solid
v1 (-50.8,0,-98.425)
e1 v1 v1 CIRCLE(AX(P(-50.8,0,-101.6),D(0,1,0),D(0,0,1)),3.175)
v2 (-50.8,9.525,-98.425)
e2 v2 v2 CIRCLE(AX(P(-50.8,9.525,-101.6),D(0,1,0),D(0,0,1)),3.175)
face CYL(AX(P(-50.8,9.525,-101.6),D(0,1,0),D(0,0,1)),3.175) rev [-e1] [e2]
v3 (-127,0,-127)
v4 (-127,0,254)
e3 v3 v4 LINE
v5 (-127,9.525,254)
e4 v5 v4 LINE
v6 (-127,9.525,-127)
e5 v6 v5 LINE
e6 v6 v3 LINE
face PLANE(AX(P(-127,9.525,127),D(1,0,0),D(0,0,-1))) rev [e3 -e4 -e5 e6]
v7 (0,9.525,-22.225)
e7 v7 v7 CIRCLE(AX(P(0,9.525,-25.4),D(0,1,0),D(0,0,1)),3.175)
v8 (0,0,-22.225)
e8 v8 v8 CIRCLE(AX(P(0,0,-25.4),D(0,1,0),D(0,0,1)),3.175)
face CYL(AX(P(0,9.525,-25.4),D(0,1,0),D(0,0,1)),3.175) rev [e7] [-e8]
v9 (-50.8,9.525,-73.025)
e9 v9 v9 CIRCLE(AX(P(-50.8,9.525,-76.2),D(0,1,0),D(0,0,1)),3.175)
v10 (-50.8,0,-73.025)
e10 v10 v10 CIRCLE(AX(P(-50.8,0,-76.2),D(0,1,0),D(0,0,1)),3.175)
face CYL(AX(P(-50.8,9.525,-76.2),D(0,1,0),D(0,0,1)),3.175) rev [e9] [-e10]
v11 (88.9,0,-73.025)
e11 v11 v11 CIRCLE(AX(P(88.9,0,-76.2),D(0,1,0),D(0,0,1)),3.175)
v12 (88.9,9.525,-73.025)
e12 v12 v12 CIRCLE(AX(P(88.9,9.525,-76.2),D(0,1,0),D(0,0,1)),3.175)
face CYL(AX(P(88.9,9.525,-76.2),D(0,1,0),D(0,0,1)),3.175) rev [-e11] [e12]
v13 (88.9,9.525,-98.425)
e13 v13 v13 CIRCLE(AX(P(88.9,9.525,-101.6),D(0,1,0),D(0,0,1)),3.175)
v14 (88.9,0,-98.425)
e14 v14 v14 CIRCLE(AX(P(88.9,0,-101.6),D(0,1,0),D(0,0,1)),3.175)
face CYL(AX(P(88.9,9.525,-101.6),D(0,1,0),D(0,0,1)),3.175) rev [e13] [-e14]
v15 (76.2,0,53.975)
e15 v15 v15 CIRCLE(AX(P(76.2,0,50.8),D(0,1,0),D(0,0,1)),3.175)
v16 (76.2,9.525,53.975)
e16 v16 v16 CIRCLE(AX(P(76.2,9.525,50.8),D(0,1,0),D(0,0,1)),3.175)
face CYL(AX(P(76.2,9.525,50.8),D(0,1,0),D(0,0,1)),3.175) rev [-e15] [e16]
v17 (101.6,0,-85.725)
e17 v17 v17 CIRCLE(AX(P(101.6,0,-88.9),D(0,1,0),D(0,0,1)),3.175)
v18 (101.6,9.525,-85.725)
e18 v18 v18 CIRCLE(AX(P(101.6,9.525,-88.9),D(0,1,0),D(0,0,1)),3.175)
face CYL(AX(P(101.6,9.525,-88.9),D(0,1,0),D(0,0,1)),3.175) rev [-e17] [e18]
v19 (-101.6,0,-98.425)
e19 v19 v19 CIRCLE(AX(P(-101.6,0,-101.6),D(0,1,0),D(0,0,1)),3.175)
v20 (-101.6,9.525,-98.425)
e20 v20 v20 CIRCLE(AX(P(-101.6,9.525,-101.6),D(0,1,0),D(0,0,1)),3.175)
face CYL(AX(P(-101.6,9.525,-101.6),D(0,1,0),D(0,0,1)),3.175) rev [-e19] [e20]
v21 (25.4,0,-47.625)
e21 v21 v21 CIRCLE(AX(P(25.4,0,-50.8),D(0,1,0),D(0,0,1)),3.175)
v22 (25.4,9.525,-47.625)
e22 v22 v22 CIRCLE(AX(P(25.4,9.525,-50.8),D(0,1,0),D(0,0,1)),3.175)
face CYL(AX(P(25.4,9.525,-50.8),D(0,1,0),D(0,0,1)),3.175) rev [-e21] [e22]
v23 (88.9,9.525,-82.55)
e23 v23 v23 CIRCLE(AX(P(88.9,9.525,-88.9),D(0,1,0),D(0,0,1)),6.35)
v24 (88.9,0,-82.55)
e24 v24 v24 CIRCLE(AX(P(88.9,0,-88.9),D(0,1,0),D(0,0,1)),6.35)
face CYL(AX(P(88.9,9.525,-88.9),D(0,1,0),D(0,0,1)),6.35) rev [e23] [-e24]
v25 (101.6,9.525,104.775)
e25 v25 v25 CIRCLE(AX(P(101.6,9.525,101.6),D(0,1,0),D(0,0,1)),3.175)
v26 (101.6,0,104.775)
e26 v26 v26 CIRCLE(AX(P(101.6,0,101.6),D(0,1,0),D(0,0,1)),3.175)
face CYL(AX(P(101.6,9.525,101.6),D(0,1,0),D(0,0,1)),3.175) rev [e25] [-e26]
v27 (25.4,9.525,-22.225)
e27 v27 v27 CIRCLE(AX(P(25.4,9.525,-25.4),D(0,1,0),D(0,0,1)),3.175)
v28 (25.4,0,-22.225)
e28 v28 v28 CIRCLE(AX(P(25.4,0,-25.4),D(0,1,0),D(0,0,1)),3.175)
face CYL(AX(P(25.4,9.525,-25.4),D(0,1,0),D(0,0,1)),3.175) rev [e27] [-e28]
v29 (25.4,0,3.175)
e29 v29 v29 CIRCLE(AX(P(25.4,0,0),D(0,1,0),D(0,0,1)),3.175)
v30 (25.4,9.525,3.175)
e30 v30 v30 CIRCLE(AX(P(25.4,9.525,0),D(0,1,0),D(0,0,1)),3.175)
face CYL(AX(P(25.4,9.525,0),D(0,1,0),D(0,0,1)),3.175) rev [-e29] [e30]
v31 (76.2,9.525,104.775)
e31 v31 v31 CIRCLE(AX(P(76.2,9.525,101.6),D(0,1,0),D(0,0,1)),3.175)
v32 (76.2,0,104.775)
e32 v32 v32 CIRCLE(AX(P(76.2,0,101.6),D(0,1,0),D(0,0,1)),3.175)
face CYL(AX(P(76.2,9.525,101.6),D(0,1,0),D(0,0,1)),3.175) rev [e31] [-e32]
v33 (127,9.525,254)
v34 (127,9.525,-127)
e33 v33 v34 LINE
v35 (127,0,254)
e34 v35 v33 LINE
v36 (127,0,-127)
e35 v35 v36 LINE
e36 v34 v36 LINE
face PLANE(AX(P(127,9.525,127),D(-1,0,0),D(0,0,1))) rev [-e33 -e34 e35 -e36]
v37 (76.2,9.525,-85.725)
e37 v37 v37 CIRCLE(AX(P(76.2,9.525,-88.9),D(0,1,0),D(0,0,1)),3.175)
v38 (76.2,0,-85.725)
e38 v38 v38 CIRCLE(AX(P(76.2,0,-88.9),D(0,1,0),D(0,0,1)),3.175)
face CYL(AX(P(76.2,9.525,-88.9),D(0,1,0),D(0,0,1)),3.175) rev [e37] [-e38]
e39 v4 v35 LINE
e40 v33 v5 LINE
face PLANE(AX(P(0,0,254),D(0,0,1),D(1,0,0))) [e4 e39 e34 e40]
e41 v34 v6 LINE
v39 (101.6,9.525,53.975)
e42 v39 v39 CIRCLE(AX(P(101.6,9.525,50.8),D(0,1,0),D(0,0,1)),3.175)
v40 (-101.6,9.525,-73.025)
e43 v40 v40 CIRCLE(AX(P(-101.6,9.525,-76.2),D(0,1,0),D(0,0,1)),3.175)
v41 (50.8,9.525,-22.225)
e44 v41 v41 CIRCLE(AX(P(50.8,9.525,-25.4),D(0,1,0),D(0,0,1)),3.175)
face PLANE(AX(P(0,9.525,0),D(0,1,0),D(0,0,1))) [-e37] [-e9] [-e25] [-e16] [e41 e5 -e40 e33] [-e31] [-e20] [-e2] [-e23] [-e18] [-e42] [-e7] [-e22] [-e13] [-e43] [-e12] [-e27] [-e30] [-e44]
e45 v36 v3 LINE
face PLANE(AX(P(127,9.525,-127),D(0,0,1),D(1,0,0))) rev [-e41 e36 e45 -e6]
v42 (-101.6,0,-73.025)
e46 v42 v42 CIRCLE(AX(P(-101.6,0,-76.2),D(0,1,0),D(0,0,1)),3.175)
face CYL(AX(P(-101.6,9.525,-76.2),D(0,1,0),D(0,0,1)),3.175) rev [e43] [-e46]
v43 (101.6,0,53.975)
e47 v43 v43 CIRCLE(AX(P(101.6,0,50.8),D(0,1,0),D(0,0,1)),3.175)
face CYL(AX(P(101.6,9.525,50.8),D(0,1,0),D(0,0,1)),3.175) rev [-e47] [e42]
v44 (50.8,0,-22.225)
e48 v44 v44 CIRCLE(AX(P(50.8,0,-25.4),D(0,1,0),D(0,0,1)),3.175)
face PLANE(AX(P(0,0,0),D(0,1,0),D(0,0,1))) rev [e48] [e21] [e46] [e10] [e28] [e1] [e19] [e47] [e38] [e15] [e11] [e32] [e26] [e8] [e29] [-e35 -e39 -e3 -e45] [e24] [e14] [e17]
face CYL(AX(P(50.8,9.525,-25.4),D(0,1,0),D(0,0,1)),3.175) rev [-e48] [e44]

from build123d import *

# Parameters (mm, degrees)
SKETCH1_W                   = 254
SKETCH1_H                   = 254
BOSS_EXTRUDE1_DEPTH         = 9.525
F_1_4_0_25_DIAMETER_HOLE1_D = 6.35
F_1_2_0_5_DIAMETER_HOLE1_D  = 12.7
SKETCH8_W                   = 254
SKETCH8_H                   = 9.525
BOSS_EXTRUDE2_DEPTH         = 127


with BuildPart() as part:
    # Sketch1 → Boss-Extrude1 (new body)
    with BuildSketch(Plane(origin=(0, 0, 0), x_dir=(1, 0, 0), z_dir=(0, 1, 0))):
        Rectangle(SKETCH1_W, SKETCH1_H)
    extrude(amount=BOSS_EXTRUDE1_DEPTH)

    # 1/4 (0.25) Diameter Hole1 (through all)
    with Locations(Plane(origin=(0, 9.525, 0), x_dir=(1, 0, 0), z_dir=(0, 1, 0))):
        with Locations((-50.8, 76.2), (-50.8, 101.6), (76.2, -50.8), (101.6, -50.8), (76.2, -101.6), (101.6, -101.6), (-101.6, 76.2), (-101.6, 101.6), (25.4, 50.8), (50.8, 25.4), (25.4, 0), (0, 25.4), (25.4, 25.4), (88.9, 76.2), (76.2, 88.9), (88.9, 101.6), (101.6, 88.9)):
            Hole(F_1_4_0_25_DIAMETER_HOLE1_D / 2)

    # 1/2 (0.5) Diameter Hole1 (through all)
    with Locations(Plane(origin=(0, 9.525, 0), x_dir=(1, 0, 0), z_dir=(0, 1, 0))):
        with Locations((88.9, 88.9)):
            Hole(F_1_2_0_5_DIAMETER_HOLE1_D / 2)

    # Sketch8 → Boss-Extrude2 (add)
    with BuildSketch(Plane.XY.offset(127)):
        with Locations((0, 4.7625)):
            Rectangle(SKETCH8_W, SKETCH8_H)
    extrude(amount=BOSS_EXTRUDE2_DEPTH)


solid = part.part
